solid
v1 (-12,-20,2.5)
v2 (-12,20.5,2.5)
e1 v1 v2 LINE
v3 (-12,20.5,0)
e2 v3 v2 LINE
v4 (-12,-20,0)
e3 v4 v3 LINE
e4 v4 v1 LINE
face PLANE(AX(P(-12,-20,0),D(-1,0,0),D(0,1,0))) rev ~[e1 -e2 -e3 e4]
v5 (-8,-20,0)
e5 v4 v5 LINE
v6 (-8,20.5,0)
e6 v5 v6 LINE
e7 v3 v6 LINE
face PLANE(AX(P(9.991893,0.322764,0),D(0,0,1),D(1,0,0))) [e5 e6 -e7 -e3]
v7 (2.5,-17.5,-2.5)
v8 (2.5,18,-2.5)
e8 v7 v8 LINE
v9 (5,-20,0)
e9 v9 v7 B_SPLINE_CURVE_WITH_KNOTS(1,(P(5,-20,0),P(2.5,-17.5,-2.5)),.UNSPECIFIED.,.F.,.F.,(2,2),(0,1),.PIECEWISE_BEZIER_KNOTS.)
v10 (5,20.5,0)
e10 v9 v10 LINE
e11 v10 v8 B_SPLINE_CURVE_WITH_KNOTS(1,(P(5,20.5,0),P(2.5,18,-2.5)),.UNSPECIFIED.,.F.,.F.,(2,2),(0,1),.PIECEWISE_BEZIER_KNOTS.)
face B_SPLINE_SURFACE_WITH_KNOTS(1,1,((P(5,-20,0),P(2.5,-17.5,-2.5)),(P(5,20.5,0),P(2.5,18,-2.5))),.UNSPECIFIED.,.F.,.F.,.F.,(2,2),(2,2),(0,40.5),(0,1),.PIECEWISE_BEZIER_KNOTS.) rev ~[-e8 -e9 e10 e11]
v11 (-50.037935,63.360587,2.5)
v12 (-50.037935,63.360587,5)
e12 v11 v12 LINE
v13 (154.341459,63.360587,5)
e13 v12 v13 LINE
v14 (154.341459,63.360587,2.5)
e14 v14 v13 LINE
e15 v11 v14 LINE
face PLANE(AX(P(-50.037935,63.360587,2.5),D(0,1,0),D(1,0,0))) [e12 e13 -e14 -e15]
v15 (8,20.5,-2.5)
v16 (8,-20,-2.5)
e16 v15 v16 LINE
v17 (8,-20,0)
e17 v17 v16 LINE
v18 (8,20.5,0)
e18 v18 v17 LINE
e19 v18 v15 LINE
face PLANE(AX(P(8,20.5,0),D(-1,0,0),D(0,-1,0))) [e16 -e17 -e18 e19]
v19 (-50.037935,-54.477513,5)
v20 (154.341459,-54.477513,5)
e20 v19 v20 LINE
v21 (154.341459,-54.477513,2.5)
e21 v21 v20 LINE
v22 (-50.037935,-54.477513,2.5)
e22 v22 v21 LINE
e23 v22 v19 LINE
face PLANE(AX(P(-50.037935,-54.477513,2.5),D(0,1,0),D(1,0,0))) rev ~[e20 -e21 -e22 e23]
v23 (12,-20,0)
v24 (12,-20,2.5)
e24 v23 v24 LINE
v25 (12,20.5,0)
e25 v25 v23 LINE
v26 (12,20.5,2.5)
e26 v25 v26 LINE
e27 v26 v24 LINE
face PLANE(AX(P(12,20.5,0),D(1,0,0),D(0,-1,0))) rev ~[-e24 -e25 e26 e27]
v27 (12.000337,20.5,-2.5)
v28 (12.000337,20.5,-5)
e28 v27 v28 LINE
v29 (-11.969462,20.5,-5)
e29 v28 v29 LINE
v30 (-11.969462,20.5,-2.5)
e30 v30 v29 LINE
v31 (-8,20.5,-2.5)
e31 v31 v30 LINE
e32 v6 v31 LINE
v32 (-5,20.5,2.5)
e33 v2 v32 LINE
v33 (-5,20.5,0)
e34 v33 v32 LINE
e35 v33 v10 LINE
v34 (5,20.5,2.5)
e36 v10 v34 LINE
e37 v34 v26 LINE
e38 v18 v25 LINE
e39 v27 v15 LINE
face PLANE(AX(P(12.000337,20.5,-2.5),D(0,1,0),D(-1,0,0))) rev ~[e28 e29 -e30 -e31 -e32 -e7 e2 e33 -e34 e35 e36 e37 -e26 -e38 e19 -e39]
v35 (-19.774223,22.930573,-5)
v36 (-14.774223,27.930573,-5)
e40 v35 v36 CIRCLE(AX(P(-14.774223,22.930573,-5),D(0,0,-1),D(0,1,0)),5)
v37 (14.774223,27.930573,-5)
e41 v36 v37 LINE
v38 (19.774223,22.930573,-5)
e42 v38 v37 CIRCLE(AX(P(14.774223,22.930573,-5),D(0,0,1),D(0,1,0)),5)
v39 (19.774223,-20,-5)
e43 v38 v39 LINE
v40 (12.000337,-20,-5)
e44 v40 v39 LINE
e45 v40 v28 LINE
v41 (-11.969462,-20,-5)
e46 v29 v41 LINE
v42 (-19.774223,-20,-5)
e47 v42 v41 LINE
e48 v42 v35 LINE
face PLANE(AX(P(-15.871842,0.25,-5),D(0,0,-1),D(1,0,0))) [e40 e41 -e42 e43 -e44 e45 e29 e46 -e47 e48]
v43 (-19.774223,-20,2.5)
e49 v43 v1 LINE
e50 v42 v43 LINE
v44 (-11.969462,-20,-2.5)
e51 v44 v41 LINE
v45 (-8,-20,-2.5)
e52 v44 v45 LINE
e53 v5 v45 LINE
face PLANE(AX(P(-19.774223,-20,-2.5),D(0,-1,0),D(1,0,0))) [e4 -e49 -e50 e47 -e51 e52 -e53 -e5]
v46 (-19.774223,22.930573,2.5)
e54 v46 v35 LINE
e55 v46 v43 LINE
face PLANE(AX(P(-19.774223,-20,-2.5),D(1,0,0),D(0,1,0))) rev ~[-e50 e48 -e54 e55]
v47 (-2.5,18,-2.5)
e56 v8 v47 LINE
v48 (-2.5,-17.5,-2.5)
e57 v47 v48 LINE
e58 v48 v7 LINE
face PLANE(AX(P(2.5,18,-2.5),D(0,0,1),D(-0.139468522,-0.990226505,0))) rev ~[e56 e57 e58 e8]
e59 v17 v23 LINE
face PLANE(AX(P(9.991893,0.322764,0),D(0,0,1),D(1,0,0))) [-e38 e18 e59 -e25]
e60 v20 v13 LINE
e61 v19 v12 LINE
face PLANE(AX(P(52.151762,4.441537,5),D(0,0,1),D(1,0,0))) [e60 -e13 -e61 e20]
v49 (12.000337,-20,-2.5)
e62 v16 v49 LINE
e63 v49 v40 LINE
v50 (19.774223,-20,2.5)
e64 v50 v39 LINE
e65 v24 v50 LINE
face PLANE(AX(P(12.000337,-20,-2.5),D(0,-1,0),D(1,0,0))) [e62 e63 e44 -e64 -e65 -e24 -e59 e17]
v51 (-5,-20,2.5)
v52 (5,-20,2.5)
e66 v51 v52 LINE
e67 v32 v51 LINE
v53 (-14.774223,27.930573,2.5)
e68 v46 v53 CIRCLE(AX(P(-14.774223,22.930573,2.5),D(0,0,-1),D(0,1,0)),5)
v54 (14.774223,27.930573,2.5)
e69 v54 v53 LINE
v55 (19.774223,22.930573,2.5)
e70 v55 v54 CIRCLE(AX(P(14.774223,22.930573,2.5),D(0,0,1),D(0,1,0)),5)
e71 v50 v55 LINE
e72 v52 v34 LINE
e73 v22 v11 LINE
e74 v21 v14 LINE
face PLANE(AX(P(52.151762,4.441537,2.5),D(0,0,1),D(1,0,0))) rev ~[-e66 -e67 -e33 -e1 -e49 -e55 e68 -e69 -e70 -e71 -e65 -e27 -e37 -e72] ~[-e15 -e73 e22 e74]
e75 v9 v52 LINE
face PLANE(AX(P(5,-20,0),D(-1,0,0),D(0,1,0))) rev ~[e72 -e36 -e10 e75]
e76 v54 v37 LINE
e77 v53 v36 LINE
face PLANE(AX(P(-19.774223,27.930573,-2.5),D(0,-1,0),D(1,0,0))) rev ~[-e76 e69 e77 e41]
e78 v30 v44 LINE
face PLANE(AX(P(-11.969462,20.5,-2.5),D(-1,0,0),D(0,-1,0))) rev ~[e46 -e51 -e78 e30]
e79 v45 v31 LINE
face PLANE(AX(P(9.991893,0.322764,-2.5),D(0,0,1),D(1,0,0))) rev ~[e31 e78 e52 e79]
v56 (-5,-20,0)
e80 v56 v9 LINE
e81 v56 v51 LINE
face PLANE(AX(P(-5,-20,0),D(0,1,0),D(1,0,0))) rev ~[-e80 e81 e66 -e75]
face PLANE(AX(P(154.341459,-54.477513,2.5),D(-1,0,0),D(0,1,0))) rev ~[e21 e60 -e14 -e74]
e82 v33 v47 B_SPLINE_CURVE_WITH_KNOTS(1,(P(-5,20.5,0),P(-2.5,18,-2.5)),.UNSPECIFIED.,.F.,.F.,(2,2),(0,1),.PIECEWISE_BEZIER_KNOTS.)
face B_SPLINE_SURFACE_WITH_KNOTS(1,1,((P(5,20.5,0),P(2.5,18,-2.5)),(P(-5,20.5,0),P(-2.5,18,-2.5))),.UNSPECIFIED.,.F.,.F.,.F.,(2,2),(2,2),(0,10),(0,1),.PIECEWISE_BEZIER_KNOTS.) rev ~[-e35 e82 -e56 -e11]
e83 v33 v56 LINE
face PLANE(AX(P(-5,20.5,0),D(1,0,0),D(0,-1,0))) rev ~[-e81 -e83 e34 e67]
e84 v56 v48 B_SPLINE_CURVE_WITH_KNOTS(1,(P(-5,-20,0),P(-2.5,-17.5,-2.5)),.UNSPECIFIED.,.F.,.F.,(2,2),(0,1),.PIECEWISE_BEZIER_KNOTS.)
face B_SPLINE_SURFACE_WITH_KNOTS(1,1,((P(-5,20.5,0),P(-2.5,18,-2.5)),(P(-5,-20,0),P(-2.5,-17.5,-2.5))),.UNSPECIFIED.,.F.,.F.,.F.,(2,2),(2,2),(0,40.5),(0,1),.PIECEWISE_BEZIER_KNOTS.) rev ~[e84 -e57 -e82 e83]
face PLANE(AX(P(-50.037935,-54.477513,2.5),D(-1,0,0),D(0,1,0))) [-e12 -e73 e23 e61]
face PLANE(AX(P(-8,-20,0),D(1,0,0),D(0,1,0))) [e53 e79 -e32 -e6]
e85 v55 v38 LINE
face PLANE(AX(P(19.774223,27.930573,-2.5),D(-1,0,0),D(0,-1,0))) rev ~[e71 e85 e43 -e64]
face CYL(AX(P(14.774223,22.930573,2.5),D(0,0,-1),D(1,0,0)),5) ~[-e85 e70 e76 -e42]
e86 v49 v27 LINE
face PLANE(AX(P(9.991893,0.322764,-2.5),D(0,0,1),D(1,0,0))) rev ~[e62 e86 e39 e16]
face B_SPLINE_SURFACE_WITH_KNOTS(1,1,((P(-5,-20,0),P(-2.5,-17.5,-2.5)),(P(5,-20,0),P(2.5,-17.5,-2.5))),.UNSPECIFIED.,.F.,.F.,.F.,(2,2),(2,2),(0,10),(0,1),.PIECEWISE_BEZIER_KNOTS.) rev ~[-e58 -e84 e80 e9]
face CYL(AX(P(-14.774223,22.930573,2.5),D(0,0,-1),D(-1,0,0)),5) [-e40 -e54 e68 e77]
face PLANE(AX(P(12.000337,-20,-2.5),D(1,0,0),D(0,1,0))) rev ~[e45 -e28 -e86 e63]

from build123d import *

# Parameters (mm, degrees)
F2_DEPTH = 2.5
F3_DEPTH = 2.5
F4_DEPTH = 2.5
F4_TAPER = 45
F5_W     = 7.8047607094
F5_H     = 40.5
F5_H_2   = 7.430572629
F5_W_2   = 7.7738855034
F6_DEPTH = 2.5
F7_R     = 5
F8_W     = 204.3793946505
F8_H     = 117.8380995989
F9_DEPTH = 2.5


with BuildPart() as f2:
    # F1 (on Top) → F2 (new body)
    with BuildSketch(Plane.XY):
        Polygon((-12, 12.7071067812), (-12, 16), (-12, 20.5), (-8, 20.5), (-5, 20.5), (5, 20.5), (8, 20.5), (12, 20.5), (12, -20), (19.7742227465, -20), (19.7742227465, 27.930572629), (-19.7742227465, 27.930572629), (-19.7742227465, -20), (-12, -20), align=None)
        Polygon((5, 20.5), (-5, 20.5), (-5, -20), (5, -20), (5, 12.7071067812), (5, 16), align=None)
    extrude(amount=F2_DEPTH)

    # F1 (on Top) → F3 (join)
    with BuildSketch(Plane.XY):
        Polygon((12, 20.5), (8, 20.5), (8, 16), (8.2928932188, 16), (8, 15.7071067812), (8, -20), (12, -20), align=None)
        Polygon((-12, 12.7071067812), (-12, 16), (-12, 20.5), (-8, 20.5), (-5, 20.5), (5, 20.5), (8, 20.5), (12, 20.5), (12, -20), (19.7742227465, -20), (19.7742227465, 27.930572629), (-19.7742227465, 27.930572629), (-19.7742227465, -20), (-12, -20), align=None)
        Polygon((8.2928932188, 16), (8, 16), (8, 15.7071067812), align=None)
        Polygon((-12, 20.5), (-12, 16), (-8.7071067812, 16), (-12, 12.7071067812), (-12, -20), (-8, -20), (-8, 20.5), align=None)
        Polygon((-8.7071067812, 16), (-12, 16), (-12, 12.7071067812), align=None)
    extrude(amount=-F3_DEPTH)

    # F1 (on Top) → F4 (join)
    with BuildSketch(Plane.XY):
        Polygon((5, 20.5), (-5, 20.5), (-5, -20), (5, -20), (5, 12.7071067812), (5, 16), align=None)
    extrude(amount=-F4_DEPTH, taper=F4_TAPER)

    # F5 (on face) → F6 (join)
    with BuildSketch(Plane(origin=(0, 0, -2.5), x_dir=(1, 0, 0), z_dir=(0, 0, -1))):
        with Locations((-15.8718423918, -0.25)):
            Rectangle(F5_W, F5_H)
        with Locations((-15.8718423918, -24.2152863145)):
            Rectangle(F5_W, F5_H_2)
        with Locations((15.8872799948, -0.25)):
            Rectangle(F5_W_2, F5_H)
        with Locations((15.8872799948, -24.2152863145)):
            Rectangle(F5_W_2, F5_H_2)
        Polygon((-8, -20.5), (-11.9694620371, -20.5), (-11.9694620371, -27.930572629), (12.0003372431, -27.930572629), (12.0003372431, -20.5), (8, -20.5), align=None)
    extrude(amount=F6_DEPTH)

    # F7
    f7_edges = [f2.edges().sort_by_distance(p)[0] for p in [
        (-19.774223, 27.930573, -1.25),
        (19.774223, 27.930573, -1.25),
    ]]
    fillet(f7_edges, radius=F7_R)

    # F8 (on face) → F9 (join)
    with BuildSketch(Plane.XY.offset(2.5)):
        with Locations((52.1517619491, 4.441536963)):
            Rectangle(F8_W, F8_H)
        with BuildLine():
            Line((19.7742227465, 22.930572629), (19.7742227465, -20))
            Line((19.7742227465, -20), (12, -20))
            Line((12, -20), (12, 20.5))
            Line((12, 20.5), (5, 20.5))
            Line((5, 20.5), (5, -20))
            Line((5, -20), (-5, -20))
            Line((-5, -20), (-5, 20.5))
            Line((-5, 20.5), (-12, 20.5))
            Line((-12, 20.5), (-12, -20))
            Line((-12, -20), (-19.7742227465, -20))
            Line((-19.7742227465, -20), (-19.7742227465, 22.930572629))
            ThreePointArc((-19.7742227465, 22.930572629), (-18.3097566524, 26.4661065349), (-14.7742227465, 27.930572629))
            Line((-14.7742227465, 27.930572629), (14.7742227465, 27.930572629))
            ThreePointArc((14.7742227465, 27.930572629), (18.3097566524, 26.4661065349), (19.7742227465, 22.930572629))
        make_face(mode=Mode.SUBTRACT)
        with BuildLine():
            Line((12, -20), (19.7742227465, -20))
            Line((19.7742227465, -20), (19.7742227465, 22.930572629))
            ThreePointArc((19.7742227465, 22.930572629), (18.3097566524, 26.4661065349), (14.7742227465, 27.930572629))
            Line((14.7742227465, 27.930572629), (-14.7742227465, 27.930572629))
            ThreePointArc((-14.7742227465, 27.930572629), (-18.3097566524, 26.4661065349), (-19.7742227465, 22.930572629))
            Line((-19.7742227465, 22.930572629), (-19.7742227465, -20))
            Line((-19.7742227465, -20), (-12, -20))
            Line((-12, -20), (-12, 20.5))
            Line((-12, 20.5), (-5, 20.5))
            Line((-5, 20.5), (-5, -20))
            Line((-5, -20), (5, -20))
            Line((5, -20), (5, 20.5))
            Line((5, 20.5), (12, 20.5))
            Line((12, 20.5), (12, -20))
        make_face()
    extrude(amount=F9_DEPTH)


solid = f2.part
